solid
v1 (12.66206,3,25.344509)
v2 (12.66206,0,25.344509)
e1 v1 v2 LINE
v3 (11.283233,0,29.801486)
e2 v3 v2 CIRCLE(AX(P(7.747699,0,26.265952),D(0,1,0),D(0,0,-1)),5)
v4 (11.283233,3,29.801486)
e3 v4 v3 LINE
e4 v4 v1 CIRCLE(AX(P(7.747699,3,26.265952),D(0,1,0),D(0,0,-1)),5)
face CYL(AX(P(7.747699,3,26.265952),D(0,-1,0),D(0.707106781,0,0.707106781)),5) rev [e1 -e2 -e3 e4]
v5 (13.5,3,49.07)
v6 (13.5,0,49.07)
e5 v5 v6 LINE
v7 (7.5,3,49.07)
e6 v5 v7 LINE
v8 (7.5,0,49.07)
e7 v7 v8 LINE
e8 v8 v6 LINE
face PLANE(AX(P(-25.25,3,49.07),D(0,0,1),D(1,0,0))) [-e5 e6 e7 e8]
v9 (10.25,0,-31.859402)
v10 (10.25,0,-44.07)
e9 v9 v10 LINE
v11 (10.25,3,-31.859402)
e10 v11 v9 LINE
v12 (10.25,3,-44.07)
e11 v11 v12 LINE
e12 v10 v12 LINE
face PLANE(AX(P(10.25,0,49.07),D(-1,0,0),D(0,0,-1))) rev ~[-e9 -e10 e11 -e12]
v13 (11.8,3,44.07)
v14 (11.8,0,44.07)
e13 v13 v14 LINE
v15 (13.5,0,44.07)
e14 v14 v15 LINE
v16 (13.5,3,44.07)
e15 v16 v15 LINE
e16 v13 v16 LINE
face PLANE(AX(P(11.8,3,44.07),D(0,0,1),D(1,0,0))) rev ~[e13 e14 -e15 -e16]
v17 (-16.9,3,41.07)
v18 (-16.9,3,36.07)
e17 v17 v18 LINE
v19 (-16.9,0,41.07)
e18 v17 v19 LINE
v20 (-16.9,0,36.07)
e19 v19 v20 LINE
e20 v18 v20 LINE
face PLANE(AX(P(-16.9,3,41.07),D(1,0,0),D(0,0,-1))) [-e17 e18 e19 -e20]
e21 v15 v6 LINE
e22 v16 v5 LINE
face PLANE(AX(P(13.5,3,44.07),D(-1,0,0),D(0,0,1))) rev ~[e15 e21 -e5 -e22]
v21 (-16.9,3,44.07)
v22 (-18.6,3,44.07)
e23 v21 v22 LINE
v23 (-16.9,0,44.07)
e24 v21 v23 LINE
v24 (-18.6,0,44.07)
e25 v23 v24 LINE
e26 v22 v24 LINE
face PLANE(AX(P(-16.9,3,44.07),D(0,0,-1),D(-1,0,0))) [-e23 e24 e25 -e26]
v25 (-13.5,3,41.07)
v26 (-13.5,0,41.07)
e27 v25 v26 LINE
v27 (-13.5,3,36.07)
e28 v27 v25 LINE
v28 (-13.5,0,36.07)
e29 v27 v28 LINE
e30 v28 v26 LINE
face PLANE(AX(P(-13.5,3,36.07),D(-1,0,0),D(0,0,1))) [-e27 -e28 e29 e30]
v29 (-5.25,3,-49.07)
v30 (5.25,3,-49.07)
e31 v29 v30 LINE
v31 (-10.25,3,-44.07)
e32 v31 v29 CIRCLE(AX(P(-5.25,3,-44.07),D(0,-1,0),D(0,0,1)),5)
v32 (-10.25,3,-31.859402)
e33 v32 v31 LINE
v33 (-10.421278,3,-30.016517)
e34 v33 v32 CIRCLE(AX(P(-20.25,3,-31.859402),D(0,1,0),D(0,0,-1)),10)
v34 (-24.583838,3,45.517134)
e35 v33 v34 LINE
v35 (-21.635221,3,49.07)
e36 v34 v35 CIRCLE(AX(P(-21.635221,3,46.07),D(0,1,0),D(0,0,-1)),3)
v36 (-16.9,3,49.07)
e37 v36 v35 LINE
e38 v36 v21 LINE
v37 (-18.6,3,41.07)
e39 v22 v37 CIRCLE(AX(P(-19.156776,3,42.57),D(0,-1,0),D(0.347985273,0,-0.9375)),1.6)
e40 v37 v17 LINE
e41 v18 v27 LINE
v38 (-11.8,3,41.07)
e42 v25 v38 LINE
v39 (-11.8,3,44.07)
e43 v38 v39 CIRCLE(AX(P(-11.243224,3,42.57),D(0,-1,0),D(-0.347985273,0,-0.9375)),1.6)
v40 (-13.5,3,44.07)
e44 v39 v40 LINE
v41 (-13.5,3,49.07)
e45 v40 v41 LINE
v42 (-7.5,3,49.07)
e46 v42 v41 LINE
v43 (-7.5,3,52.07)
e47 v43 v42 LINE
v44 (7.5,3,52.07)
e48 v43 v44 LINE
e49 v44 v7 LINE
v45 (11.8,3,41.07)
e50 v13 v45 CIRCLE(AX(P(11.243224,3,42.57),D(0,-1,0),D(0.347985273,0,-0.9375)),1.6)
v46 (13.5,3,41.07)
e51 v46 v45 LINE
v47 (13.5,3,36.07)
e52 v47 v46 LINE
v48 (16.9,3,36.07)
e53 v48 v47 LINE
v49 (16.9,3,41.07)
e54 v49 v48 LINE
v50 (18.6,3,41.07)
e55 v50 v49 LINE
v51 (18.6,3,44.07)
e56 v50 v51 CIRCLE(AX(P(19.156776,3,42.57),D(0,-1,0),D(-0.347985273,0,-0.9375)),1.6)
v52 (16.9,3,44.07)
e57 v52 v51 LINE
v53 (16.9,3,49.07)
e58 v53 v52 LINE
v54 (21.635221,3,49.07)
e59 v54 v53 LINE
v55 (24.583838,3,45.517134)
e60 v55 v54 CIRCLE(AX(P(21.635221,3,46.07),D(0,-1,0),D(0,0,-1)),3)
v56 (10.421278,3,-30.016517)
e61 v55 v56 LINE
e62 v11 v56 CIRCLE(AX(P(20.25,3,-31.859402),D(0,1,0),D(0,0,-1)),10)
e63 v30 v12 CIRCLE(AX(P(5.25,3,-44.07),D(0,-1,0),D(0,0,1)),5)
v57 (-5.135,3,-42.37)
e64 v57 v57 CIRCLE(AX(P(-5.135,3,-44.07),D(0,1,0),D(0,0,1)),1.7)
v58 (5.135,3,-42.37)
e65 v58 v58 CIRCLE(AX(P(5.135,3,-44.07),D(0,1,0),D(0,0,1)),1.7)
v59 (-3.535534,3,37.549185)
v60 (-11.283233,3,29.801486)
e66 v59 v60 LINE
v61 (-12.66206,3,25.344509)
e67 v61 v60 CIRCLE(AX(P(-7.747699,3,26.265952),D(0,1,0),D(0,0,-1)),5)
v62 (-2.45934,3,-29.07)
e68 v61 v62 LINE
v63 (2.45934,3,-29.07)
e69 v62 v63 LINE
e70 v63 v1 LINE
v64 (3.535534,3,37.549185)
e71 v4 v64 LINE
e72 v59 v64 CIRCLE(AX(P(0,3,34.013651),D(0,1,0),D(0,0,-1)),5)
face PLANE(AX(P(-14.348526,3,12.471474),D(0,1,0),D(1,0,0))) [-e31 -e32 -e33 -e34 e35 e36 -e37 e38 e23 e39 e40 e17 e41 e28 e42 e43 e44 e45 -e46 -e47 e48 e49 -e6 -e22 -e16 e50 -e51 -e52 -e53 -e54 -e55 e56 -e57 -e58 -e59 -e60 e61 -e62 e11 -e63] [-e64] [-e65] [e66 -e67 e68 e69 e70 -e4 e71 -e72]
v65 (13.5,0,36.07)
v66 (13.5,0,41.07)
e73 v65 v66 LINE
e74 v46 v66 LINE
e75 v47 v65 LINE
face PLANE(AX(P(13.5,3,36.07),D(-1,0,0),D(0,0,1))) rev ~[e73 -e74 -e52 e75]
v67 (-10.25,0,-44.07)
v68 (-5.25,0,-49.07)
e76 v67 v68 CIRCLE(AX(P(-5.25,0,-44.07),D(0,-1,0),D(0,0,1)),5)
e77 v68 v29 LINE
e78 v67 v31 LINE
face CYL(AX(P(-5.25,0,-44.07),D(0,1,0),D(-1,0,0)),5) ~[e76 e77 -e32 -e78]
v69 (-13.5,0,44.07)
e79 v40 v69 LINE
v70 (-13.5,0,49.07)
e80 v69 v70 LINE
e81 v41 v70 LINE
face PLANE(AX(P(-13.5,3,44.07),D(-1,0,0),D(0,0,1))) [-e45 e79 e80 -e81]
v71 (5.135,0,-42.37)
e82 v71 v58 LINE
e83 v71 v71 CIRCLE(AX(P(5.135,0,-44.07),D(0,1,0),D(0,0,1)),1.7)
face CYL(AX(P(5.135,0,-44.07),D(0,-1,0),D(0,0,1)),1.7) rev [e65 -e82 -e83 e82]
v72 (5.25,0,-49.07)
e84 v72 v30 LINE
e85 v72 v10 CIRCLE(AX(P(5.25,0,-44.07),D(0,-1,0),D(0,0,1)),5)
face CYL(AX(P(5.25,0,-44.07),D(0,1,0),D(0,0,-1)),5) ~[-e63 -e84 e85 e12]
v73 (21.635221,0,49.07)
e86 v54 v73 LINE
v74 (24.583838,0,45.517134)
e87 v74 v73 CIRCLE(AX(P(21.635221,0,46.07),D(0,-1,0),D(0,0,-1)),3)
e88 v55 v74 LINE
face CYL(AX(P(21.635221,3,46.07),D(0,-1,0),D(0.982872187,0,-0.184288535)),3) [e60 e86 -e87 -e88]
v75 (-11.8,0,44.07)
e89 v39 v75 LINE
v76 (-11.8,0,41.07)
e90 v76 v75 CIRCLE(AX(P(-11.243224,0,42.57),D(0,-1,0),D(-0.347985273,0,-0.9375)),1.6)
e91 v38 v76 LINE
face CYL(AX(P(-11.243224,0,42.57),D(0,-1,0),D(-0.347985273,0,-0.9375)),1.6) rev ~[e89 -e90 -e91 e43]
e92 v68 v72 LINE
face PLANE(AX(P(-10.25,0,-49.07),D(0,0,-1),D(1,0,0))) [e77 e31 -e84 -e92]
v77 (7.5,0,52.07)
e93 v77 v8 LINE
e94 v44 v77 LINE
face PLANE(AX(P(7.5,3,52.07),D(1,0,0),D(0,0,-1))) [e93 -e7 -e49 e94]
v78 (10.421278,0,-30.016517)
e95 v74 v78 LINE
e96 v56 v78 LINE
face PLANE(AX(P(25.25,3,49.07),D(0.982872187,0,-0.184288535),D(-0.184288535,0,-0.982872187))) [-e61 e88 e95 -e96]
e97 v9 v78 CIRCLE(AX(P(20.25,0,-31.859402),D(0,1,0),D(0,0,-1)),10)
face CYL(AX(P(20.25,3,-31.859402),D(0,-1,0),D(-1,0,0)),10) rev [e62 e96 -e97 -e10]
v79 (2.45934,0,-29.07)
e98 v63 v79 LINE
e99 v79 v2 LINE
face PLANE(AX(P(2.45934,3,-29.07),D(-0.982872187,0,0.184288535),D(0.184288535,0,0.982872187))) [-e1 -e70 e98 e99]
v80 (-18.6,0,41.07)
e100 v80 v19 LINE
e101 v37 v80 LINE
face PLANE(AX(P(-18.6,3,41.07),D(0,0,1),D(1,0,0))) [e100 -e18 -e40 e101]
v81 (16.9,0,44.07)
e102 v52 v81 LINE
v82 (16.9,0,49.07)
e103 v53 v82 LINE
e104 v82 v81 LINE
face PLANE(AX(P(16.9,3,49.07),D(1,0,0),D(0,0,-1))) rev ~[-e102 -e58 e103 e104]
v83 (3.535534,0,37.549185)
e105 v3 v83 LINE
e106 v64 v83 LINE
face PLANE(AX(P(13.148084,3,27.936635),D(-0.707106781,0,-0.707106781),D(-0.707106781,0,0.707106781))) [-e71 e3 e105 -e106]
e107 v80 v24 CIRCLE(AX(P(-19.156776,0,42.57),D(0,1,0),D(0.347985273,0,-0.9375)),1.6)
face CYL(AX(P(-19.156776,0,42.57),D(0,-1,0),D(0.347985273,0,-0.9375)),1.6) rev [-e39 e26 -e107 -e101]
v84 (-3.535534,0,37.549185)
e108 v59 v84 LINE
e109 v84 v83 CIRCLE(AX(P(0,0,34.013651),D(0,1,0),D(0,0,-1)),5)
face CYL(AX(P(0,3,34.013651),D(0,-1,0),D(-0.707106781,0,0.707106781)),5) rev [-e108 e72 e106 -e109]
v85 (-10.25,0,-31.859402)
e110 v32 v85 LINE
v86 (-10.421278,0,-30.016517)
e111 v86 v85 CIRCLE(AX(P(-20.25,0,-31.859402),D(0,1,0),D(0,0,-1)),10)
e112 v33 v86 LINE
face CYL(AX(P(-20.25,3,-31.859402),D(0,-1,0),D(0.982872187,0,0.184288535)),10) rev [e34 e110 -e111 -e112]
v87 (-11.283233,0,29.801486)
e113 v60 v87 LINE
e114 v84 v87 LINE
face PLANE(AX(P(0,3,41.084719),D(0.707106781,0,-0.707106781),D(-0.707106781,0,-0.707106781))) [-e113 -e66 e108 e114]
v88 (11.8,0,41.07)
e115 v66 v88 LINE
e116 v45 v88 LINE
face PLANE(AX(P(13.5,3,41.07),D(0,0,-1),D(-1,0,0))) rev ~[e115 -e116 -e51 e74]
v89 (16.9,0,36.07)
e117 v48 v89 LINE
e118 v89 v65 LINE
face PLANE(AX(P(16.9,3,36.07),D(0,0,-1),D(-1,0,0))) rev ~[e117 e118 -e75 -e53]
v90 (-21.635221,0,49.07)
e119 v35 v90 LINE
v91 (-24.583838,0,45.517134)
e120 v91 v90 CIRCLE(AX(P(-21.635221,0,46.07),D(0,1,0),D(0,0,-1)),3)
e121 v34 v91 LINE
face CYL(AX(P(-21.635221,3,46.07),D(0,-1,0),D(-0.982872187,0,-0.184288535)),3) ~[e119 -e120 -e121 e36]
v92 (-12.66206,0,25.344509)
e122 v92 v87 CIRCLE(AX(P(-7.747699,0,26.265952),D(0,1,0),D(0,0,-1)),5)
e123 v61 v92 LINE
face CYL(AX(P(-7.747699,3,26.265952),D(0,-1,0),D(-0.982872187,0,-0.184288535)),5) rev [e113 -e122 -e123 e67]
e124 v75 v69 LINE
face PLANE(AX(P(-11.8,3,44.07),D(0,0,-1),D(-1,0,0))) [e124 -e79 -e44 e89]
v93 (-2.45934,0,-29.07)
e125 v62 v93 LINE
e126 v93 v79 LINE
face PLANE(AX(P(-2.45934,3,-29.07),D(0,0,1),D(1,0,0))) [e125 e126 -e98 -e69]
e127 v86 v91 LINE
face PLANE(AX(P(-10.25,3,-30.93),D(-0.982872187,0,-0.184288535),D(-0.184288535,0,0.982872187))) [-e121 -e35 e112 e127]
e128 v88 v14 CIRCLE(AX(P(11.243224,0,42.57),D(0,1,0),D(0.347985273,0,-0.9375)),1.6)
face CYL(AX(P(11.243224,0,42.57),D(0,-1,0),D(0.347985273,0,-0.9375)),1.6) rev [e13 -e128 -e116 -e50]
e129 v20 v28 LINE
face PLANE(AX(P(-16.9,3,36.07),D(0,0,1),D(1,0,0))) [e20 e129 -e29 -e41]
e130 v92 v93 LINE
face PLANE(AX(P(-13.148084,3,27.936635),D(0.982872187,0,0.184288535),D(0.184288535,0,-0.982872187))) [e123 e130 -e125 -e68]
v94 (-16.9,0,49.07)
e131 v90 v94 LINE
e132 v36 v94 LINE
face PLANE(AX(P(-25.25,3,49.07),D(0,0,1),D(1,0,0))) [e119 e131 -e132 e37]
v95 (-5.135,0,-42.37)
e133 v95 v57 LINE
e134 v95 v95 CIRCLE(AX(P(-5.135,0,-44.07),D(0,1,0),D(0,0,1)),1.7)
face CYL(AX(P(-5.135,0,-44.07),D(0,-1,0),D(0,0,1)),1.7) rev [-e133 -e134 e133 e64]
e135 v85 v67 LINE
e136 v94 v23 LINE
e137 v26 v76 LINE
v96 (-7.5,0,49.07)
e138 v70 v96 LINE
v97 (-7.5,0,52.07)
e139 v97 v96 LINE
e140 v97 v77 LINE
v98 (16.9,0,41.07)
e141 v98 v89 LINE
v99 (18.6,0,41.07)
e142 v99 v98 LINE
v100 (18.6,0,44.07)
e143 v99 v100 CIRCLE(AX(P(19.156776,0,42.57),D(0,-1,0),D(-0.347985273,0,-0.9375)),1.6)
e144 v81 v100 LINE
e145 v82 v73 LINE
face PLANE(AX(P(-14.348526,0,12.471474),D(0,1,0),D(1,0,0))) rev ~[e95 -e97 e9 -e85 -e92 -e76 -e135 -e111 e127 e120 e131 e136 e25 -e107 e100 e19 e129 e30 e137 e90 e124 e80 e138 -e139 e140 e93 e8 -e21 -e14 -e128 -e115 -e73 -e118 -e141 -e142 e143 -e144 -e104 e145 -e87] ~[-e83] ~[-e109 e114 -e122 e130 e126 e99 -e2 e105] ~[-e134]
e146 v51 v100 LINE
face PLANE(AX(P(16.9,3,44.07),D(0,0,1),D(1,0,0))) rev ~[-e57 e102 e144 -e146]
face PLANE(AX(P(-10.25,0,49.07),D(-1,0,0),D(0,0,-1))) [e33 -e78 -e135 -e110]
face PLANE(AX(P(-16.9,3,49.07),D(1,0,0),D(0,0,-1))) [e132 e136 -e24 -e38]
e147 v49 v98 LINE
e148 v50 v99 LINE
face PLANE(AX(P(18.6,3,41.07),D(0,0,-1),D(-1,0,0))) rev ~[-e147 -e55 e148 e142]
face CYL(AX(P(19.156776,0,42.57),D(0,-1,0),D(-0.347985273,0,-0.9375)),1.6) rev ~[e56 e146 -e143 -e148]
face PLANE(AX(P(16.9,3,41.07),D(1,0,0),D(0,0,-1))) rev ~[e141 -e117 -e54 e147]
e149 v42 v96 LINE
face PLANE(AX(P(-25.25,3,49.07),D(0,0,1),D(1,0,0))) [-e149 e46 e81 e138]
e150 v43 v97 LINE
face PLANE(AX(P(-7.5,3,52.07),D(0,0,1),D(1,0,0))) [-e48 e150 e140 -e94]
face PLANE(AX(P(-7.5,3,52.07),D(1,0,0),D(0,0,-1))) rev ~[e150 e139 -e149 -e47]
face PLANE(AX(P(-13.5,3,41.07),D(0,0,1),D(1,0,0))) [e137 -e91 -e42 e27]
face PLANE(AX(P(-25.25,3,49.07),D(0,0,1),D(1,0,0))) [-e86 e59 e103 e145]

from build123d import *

# Parameters (mm, degrees)
SKETCH_1_W          = 20.5
SKETCH_1_H          = 98.14
SKETCH_1_R          = 1.7
EXTRUDE_1_DEPTH     = 3
FILLET_1_R          = 5
EXTRUDE_2_DEPTH     = 3
FILLET_2_R          = 10
SKETCH_3_W          = 15
SKETCH_3_H          = 3
EXTRUDE_3_DEPTH     = 3
CUT_EXTRUDE_1_DEPTH = 10
CUT_EXTRUDE_2_DEPTH = 10
FILLET_3_R          = 5
FILLET_4_R          = 3
CUT_EXTRUDE_3_DEPTH = 10


with BuildPart() as part:
    # 草图1 → 凸台-拉伸1 (new body)
    with BuildSketch(Plane(origin=(0, 0, 0), x_dir=(1, 0, 0), z_dir=(0, 1, 0))):
        Rectangle(SKETCH_1_W, SKETCH_1_H)
        with Locations(Location((-5.135, 44.07, 0), (0, 0, 270))):
            Circle(SKETCH_1_R, mode=Mode.SUBTRACT)
        with Locations(Location((5.135, 44.07, 0), (0, 0, 270))):
            Circle(SKETCH_1_R, mode=Mode.SUBTRACT)
    extrude(amount=EXTRUDE_1_DEPTH)

    # 圆角1
    fillet_1_edges = [part.edges().sort_by_distance(p)[0] for p in [
        (-10.25, 1.5, -49.07),
        (10.25, 1.5, -49.07),
    ]]
    fillet(fillet_1_edges, radius=FILLET_1_R)

    # 草图2 → 凸台-拉伸2 (add)
    with BuildSketch(Plane(origin=(0, 3, 0), x_dir=(1, 0, 0), z_dir=(0, 1, 0))):
        Polygon((-10.25, 30.93), (-25.25, -49.07), (-10.25, -49.07), align=None)
        Polygon((10.25, 30.93), (10.25, -49.07), (25.25, -49.07), align=None)
    extrude(amount=-EXTRUDE_2_DEPTH)

    # 圆角2
    fillet_2_edges = [part.edges().sort_by_distance(p)[0] for p in [
        (-10.25, 1.5, -30.93),
        (10.25, 1.5, -30.93),
    ]]
    fillet(fillet_2_edges, radius=FILLET_2_R)

    # 草图3 → 凸台-拉伸3 (add)
    with BuildSketch(Plane(origin=(0, 3, 0), x_dir=(1, 0, 0), z_dir=(0, 1, 0))):
        with Locations((0, -50.57)):
            Rectangle(SKETCH_3_W, SKETCH_3_H)
    extrude(amount=-EXTRUDE_3_DEPTH)

    # 草图5 → 切除-拉伸1 (cut)
    with BuildSketch(Plane(origin=(0, 3, 0), x_dir=(1, 0, 0), z_dir=(0, 1, 0))):
        Polygon((-16.9, -49.07), (-16.9, -44.07), (-18.6, -44.07), (-18.6, -41.07), (-16.9, -41.07), (-16.9, -36.07), (-13.5, -36.07), (-13.5, -41.07), (-11.8, -41.07), (-11.8, -44.07), (-13.5, -44.07), (-13.5, -49.07), align=None)
        Polygon((13.5, -49.07), (16.9, -49.07), (16.9, -44.07), (18.6, -44.07), (18.6, -41.07), (16.9, -41.07), (16.9, -36.07), (13.5, -36.07), (13.5, -41.07), (11.8, -41.07), (11.8, -44.07), (13.5, -44.07), align=None)
    extrude(amount=-CUT_EXTRUDE_1_DEPTH, mode=Mode.SUBTRACT)

    # 草图6 → 切除-拉伸2 (cut)
    with BuildSketch(Plane(origin=(0, 3, 0), x_dir=(1, 0, 0), z_dir=(0, 1, 0))):
        Polygon((-2.459339702, 29.07), (2.459339702, 29.07), (13.148083743, -27.936634883), (0, -41.084718626), (-13.148083743, -27.936634883), align=None)
    extrude(amount=-CUT_EXTRUDE_2_DEPTH, mode=Mode.SUBTRACT)

    # 圆角3
    fillet_3_edges = [part.edges().sort_by_distance(p)[0] for p in [
        (-13.148083743, 1.5, 27.936634883),
        (13.148083743, 1.5, 27.936634883),
        (0, 1.5, 41.084718626),
    ]]
    fillet(fillet_3_edges, radius=FILLET_3_R)

    # 圆角4
    fillet_4_edges = [part.edges().sort_by_distance(p)[0] for p in [
        (-25.25, 1.5, 49.07),
        (25.25, 1.5, 49.07),
    ]]
    fillet(fillet_4_edges, radius=FILLET_4_R)

    # 草图7 → 切除-拉伸3 (cut)
    with BuildSketch(Plane.XZ):
        with BuildLine():
            Line((-18.6, 44.07), (-18.6, 41.07))
            ThreePointArc((-18.6, 41.07), (-20.756776436, 42.57), (-18.6, 44.07))
        make_face()
        with BuildLine():
            Line((-11.8, 44.07), (-11.8, 41.07))
            ThreePointArc((-11.8, 41.07), (-9.643223564, 42.57), (-11.8, 44.07))
        make_face()
        with BuildLine():
            Line((11.8, 44.07), (11.8, 41.07))
            ThreePointArc((11.8, 41.07), (9.643223564, 42.57), (11.8, 44.07))
        make_face()
        with BuildLine():
            Line((18.6, 44.07), (18.6, 41.07))
            ThreePointArc((18.6, 41.07), (20.756776436, 42.57), (18.6, 44.07))
        make_face()
    extrude(amount=-CUT_EXTRUDE_3_DEPTH, mode=Mode.SUBTRACT)


solid = part.part
